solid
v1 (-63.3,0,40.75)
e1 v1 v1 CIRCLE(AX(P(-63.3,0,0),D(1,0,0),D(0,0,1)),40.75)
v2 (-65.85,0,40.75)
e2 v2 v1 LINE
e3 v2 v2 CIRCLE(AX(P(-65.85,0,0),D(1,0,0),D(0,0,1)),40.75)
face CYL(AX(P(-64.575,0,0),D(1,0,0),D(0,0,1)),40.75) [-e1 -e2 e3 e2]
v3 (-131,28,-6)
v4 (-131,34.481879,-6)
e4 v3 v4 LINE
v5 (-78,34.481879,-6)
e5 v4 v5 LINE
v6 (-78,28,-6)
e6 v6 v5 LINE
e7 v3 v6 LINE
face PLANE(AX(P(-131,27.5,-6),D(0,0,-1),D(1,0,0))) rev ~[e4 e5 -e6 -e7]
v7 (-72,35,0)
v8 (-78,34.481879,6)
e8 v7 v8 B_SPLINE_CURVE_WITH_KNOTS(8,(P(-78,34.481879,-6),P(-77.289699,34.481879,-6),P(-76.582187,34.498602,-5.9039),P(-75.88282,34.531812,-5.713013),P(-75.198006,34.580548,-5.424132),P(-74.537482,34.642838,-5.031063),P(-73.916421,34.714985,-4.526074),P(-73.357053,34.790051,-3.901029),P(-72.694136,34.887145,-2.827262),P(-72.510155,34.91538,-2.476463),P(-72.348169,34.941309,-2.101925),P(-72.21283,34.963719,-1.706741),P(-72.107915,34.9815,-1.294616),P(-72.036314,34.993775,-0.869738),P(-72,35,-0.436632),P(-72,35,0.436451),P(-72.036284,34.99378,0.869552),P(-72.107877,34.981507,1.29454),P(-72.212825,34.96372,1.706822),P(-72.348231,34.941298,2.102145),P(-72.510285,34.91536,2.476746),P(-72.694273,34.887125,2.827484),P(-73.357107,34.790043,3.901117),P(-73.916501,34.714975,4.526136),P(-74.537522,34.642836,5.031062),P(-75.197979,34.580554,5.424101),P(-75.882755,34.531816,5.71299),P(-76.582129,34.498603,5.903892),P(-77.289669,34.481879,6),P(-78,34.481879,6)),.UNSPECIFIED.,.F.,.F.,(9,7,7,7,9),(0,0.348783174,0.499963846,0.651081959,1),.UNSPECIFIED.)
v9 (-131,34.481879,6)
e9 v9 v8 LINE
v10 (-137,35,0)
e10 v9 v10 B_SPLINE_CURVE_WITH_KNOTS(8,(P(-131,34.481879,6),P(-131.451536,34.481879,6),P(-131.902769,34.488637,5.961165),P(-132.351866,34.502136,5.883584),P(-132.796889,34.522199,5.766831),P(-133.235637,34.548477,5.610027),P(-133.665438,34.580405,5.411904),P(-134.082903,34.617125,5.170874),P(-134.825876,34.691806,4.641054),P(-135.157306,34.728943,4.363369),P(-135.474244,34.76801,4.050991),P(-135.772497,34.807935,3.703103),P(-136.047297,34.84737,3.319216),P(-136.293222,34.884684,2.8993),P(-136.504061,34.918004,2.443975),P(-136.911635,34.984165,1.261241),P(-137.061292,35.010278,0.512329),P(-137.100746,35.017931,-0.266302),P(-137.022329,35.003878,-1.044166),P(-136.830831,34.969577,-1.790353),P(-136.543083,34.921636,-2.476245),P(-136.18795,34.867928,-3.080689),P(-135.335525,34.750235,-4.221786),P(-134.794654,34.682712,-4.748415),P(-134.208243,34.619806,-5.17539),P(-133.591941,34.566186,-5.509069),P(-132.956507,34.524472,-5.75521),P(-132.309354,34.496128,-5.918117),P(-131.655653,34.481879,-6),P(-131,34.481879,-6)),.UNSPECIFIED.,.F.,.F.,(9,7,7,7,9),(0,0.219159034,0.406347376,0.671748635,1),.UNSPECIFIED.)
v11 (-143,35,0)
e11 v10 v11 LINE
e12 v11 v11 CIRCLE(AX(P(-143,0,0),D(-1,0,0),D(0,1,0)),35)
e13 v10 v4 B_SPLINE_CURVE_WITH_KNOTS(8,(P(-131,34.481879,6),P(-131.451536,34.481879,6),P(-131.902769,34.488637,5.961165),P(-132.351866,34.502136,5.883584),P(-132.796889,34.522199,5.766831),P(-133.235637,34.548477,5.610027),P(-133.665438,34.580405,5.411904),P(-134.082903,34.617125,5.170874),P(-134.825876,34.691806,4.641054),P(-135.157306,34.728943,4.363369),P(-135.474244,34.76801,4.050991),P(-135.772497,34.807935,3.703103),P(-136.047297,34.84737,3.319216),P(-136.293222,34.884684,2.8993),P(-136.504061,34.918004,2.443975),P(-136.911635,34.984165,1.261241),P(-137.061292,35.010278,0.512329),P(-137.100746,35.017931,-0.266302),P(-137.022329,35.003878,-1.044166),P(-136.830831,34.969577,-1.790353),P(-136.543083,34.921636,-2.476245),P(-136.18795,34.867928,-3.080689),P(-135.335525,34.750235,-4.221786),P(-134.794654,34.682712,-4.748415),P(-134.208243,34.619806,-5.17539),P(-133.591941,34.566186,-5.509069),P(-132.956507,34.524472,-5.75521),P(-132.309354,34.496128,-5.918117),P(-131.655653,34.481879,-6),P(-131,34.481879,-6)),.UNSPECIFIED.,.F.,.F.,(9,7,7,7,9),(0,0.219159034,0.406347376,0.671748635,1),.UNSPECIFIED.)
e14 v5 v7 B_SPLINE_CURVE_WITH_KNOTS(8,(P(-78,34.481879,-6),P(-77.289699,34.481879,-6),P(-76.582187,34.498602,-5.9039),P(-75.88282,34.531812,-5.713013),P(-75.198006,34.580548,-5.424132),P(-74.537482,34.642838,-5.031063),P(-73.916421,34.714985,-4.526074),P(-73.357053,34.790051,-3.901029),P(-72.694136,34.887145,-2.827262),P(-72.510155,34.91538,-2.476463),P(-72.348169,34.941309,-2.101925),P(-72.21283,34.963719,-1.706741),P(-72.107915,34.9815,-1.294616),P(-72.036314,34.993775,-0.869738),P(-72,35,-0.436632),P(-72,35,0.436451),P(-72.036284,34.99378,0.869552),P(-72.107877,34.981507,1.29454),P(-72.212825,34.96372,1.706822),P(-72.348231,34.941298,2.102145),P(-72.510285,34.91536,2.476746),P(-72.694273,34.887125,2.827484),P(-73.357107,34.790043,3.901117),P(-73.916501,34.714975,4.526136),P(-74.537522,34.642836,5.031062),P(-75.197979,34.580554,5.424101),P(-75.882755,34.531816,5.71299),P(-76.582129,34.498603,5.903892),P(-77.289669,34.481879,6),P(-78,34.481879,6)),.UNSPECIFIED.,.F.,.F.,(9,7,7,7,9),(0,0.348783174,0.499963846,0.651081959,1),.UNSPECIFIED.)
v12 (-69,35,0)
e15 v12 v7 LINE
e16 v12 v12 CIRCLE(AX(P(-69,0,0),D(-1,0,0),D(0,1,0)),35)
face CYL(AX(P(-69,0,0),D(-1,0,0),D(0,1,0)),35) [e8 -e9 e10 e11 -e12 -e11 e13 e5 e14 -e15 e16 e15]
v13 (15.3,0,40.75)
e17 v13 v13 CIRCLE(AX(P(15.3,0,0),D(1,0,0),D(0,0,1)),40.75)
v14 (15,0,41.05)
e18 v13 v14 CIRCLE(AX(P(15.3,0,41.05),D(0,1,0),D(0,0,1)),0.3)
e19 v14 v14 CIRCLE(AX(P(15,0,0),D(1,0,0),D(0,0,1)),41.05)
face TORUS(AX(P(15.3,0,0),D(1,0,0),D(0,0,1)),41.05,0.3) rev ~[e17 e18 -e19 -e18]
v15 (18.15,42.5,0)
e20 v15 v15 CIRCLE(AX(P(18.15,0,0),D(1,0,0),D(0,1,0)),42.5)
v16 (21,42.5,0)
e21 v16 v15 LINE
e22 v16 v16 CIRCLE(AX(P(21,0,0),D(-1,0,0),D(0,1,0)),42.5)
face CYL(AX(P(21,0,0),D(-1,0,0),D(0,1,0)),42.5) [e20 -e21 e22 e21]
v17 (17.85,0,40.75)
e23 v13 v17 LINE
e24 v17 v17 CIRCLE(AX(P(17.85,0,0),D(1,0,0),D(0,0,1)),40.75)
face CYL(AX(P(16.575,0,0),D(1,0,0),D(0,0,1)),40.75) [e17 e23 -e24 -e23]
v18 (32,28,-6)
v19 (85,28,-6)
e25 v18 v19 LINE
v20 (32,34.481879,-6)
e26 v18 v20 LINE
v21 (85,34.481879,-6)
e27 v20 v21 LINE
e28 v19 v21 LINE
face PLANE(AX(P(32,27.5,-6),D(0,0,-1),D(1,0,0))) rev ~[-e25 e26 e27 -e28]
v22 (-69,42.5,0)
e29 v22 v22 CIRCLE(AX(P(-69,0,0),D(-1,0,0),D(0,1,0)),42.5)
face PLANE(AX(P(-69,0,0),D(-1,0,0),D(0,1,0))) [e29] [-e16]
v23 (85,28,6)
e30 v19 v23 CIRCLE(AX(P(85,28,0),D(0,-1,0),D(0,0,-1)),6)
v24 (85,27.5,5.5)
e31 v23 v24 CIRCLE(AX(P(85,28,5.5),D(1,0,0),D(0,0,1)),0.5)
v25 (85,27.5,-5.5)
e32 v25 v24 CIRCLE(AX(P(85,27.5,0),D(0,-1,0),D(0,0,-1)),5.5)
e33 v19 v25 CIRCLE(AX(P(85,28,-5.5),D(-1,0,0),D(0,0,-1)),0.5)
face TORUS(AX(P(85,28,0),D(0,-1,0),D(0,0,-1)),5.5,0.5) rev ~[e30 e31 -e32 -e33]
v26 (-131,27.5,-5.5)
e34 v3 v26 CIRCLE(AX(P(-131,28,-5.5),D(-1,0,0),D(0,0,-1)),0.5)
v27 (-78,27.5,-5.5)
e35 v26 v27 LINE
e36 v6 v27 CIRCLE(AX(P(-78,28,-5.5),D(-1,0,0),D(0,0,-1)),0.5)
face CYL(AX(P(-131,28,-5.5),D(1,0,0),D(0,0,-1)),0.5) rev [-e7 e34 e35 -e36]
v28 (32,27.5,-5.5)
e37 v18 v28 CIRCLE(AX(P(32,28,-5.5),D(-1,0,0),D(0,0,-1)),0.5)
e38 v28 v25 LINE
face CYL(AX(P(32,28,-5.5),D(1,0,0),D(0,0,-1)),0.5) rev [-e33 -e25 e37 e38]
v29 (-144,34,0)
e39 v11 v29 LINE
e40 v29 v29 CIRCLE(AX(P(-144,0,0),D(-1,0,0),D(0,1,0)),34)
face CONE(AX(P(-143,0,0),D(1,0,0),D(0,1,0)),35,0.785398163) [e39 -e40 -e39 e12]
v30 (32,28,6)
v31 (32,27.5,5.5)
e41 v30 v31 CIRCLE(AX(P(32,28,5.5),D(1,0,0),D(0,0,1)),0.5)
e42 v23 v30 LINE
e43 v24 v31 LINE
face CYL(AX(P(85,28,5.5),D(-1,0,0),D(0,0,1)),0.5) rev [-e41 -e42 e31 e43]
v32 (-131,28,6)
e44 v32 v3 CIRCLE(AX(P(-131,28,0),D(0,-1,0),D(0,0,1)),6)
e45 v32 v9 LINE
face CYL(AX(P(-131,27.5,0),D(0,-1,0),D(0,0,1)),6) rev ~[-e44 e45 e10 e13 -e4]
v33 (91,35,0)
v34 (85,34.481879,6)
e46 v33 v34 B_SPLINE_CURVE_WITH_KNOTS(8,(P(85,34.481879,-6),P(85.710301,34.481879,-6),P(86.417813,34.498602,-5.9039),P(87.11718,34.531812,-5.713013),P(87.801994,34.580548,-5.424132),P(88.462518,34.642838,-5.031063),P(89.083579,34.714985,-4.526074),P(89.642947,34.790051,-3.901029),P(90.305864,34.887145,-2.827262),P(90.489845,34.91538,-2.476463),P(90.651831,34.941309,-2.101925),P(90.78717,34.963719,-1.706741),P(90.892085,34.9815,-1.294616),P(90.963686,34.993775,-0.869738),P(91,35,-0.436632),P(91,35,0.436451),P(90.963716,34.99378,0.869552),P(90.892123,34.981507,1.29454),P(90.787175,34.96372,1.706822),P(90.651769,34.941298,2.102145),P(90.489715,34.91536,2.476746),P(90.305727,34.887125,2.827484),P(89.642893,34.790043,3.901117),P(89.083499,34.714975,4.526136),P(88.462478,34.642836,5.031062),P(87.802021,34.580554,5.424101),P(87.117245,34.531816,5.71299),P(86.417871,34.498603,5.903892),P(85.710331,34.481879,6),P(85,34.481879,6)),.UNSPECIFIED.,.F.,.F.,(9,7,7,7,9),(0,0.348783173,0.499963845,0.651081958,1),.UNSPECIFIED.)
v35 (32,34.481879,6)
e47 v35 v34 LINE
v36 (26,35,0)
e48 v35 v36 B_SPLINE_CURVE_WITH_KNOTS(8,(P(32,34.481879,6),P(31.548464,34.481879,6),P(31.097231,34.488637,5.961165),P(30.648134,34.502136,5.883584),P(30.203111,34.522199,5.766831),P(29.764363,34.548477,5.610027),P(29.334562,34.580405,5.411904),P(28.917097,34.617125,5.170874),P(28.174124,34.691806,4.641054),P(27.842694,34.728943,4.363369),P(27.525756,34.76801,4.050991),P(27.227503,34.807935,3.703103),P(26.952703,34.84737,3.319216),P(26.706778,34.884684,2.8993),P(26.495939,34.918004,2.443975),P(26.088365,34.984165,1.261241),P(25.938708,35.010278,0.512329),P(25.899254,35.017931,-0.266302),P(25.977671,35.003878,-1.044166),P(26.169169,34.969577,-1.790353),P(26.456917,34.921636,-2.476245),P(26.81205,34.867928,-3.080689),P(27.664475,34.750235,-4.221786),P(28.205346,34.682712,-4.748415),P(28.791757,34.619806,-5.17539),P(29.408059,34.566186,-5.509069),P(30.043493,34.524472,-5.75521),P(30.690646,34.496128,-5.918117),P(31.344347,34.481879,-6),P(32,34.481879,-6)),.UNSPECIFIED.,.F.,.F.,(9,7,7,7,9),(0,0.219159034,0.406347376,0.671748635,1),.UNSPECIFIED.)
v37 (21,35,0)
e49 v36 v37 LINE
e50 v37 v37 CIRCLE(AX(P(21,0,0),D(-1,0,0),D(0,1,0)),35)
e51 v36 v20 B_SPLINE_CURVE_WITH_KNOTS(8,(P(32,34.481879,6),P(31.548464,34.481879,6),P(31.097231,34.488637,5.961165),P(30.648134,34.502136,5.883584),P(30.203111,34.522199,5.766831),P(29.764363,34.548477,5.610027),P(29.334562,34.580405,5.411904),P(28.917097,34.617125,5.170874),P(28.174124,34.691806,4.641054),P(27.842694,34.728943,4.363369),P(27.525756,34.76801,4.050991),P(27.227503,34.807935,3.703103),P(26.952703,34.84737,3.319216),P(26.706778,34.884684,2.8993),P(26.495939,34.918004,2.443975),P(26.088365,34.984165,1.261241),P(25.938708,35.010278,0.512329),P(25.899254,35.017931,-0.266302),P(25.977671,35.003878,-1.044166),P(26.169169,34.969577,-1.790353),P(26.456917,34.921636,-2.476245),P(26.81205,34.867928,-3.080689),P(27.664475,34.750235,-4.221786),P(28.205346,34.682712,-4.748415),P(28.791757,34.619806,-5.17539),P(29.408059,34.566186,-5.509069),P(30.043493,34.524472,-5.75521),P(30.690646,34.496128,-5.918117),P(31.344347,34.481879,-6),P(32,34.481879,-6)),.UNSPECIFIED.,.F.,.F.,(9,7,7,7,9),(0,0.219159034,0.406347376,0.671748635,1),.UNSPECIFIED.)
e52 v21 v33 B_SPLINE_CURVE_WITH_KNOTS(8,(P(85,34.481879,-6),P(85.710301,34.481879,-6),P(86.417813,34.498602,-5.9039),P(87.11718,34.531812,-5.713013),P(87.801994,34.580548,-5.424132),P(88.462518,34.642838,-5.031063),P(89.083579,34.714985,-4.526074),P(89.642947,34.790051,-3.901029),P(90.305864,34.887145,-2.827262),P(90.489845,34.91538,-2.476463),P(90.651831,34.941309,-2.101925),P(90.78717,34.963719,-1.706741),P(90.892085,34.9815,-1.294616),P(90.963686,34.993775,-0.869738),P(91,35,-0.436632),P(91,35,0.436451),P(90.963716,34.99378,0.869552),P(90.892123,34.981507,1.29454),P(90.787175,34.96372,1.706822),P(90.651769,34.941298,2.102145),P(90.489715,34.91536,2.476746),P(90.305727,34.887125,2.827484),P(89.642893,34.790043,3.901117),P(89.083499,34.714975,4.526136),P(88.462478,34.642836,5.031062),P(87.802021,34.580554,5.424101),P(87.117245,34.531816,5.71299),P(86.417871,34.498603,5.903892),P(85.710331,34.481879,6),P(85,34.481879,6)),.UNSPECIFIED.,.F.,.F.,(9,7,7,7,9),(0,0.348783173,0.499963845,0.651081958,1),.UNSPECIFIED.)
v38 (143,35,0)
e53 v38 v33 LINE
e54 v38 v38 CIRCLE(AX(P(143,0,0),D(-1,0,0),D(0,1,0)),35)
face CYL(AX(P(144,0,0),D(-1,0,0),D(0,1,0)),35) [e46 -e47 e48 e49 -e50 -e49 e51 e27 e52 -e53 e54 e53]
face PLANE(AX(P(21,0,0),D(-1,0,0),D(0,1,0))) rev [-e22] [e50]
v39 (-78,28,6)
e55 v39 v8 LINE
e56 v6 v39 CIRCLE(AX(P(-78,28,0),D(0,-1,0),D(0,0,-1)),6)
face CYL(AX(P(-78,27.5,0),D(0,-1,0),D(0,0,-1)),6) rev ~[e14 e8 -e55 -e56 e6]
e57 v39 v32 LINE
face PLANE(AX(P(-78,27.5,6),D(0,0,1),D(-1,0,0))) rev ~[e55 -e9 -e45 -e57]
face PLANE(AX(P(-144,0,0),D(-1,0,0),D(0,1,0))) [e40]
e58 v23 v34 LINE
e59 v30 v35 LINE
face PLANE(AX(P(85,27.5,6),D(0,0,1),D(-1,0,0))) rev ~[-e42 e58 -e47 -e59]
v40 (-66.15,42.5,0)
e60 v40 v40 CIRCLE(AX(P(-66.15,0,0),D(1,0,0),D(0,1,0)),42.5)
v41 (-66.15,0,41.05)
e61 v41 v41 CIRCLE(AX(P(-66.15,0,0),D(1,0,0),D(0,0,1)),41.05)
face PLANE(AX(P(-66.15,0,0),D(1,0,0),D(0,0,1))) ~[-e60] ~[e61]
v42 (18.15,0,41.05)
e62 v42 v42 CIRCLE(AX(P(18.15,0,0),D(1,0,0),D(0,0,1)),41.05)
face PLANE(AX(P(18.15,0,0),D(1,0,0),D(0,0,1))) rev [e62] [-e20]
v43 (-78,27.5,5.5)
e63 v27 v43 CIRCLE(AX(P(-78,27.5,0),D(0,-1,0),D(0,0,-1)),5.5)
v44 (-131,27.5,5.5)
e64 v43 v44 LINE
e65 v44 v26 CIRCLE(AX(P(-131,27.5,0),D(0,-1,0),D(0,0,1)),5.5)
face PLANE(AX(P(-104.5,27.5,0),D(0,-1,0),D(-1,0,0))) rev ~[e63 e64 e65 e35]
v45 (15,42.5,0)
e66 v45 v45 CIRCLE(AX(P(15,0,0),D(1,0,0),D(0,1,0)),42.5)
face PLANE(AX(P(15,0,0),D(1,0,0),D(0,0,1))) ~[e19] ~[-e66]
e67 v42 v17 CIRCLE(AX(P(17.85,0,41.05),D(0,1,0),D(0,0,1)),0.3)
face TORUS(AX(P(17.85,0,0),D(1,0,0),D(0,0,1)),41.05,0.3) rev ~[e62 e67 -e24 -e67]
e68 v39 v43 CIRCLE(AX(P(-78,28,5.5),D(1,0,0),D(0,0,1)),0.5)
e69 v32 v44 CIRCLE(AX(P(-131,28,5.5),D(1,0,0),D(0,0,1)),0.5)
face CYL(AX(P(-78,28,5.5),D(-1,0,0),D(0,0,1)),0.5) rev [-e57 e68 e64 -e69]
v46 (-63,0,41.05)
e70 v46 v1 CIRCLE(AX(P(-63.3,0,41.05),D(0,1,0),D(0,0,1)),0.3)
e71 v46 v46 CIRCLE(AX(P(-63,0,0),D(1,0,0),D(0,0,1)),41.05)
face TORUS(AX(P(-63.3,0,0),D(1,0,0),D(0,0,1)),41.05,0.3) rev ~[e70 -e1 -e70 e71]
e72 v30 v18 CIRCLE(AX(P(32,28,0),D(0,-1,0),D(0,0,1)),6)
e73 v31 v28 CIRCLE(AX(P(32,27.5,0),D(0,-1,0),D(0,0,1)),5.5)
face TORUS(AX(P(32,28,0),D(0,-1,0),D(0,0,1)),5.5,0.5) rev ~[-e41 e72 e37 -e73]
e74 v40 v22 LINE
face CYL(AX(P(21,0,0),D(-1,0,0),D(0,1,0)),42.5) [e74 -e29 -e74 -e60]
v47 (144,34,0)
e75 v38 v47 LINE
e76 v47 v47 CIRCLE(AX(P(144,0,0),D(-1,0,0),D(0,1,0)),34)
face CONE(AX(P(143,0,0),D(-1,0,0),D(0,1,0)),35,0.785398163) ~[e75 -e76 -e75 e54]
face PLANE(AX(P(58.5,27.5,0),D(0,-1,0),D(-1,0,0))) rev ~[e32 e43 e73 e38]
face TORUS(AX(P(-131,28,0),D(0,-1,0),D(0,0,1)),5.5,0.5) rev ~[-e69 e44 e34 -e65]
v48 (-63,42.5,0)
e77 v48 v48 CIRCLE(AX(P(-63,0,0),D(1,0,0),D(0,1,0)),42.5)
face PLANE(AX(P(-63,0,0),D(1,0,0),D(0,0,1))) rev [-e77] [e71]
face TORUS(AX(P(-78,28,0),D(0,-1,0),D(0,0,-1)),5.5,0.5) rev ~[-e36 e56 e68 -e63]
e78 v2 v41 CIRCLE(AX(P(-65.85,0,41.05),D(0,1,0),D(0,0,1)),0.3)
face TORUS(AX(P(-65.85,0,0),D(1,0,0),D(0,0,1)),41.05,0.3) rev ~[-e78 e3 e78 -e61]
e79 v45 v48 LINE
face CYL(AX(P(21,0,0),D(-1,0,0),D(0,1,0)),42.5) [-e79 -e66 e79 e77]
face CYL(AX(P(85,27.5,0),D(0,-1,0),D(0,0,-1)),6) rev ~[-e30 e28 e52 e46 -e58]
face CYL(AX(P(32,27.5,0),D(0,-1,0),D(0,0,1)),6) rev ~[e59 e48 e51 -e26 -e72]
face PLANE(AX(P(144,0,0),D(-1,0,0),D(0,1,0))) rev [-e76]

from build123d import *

# Parameters (mm, degrees)
SKETCH3_W               = 3.15
SKETCH3_H               = 1.75
FILLET1_R               = 0.3
CHAMFER1_SIZE           = 1
CUT_EXTRUDE1_REACH      = 185.54
CUT_EXTRUDE1_END_RADIUS = 35
CUT_EXTRUDE1_START      = 27.5
FILLET2_R               = 0.5


with BuildPart() as part:
    # Sketch1 → Revolve1 (revolve)
    with BuildSketch(Plane.XY):
        Polygon((144, 0), (144, 35), (21, 35), (21, 42.5), (-69, 42.5), (-69, 35), (-144, 35), (-144, 0), align=None)
    revolve(axis=Axis((144, 0, 0), (-1, 0, 0)))

    # Sketch3 → Cut-Revolve4 (revolve, cut)
    with BuildSketch(Plane.XY, mode=Mode.PRIVATE) as cut_revolve4_sk:
        with Locations((-64.575, 41.625)):
            Rectangle(SKETCH3_W, SKETCH3_H)
        with Locations((16.575, 41.625)):
            Rectangle(SKETCH3_W, SKETCH3_H)
    revolve(cut_revolve4_sk.sketch.rotate(Axis((9.271510533, 0, 0), (1, 0, 0)), 90), axis=Axis((9.271510533, 0, 0), (1, 0, 0)), mode=Mode.SUBTRACT)

    # Fillet1
    fillet1_edges = [part.edges().sort_by_distance(p)[0] for p in [
        (-66.15, 0, -40.75),
        (-63, 0, -40.75),
        (15, 0, -40.75),
        (18.15, 0, -40.75),
    ]]
    fillet(fillet1_edges, radius=FILLET1_R)

    # Chamfer1
    chamfer1_edges = [part.edges().sort_by_distance(p)[0] for p in [
        (-144, -35, 0),
        (144, -35, 0),
    ]]
    chamfer(chamfer1_edges, length=CHAMFER1_SIZE)

    # Cut-Extrude1: up to this cylinder (the profile starts inside it)
    cut_extrude1_end = Plane(origin=(-23, 0, 0), z_dir=(1, 0, 0)) * Cylinder(CUT_EXTRUDE1_END_RADIUS, 605.08, mode=Mode.PRIVATE)
    # Sketch4 → Cut-Extrude1 (cut, up to the surface)
    with BuildSketch(Plane(origin=(0, 0, 0), x_dir=(1, 0, 0), z_dir=(0, 1, 0)).offset(CUT_EXTRUDE1_START), mode=Mode.PRIVATE) as cut_extrude1_sk1:
        with BuildLine():
            Line((32, 6), (85, 6))
            ThreePointArc((85, 6), (91, 0), (85, -6))
            Line((85, -6), (32, -6))
            ThreePointArc((32, -6), (26, 0), (32, 6))
        make_face()
    cut_extrude1_tool1 = extrude(cut_extrude1_sk1.sketch, amount=CUT_EXTRUDE1_REACH, mode=Mode.PRIVATE) & cut_extrude1_end
    add(cut_extrude1_tool1.solids().sort_by_distance((58.5, 27.5, 0))[0], mode=Mode.SUBTRACT)
    # Sketch4 → Cut-Extrude1 (cut, up to the surface)
    with BuildSketch(Plane(origin=(0, 0, 0), x_dir=(1, 0, 0), z_dir=(0, 1, 0)).offset(CUT_EXTRUDE1_START), mode=Mode.PRIVATE) as cut_extrude1_sk2:
        with BuildLine():
            Line((-131, 6), (-78, 6))
            ThreePointArc((-78, 6), (-72, 0), (-78, -6))
            Line((-78, -6), (-131, -6))
            ThreePointArc((-131, -6), (-137, 0), (-131, 6))
        make_face()
    cut_extrude1_tool2 = extrude(cut_extrude1_sk2.sketch, amount=CUT_EXTRUDE1_REACH, mode=Mode.PRIVATE) & cut_extrude1_end
    add(cut_extrude1_tool2.solids().sort_by_distance((-104.5, 27.5, 0))[0], mode=Mode.SUBTRACT)

    # Fillet2
    fillet2_edges = [part.edges().sort_by_distance(p)[0] for p in [
        (26, 27.5, 0),
        (58.5, 27.5, 6),
        (91, 27.5, 0),
        (58.5, 27.5, -6),
        (-137, 27.5, 0),
        (-104.5, 27.5, 6),
        (-72, 27.5, 0),
        (-104.5, 27.5, -6),
    ]]
    fillet(fillet2_edges, radius=FILLET2_R)


solid = part.part
